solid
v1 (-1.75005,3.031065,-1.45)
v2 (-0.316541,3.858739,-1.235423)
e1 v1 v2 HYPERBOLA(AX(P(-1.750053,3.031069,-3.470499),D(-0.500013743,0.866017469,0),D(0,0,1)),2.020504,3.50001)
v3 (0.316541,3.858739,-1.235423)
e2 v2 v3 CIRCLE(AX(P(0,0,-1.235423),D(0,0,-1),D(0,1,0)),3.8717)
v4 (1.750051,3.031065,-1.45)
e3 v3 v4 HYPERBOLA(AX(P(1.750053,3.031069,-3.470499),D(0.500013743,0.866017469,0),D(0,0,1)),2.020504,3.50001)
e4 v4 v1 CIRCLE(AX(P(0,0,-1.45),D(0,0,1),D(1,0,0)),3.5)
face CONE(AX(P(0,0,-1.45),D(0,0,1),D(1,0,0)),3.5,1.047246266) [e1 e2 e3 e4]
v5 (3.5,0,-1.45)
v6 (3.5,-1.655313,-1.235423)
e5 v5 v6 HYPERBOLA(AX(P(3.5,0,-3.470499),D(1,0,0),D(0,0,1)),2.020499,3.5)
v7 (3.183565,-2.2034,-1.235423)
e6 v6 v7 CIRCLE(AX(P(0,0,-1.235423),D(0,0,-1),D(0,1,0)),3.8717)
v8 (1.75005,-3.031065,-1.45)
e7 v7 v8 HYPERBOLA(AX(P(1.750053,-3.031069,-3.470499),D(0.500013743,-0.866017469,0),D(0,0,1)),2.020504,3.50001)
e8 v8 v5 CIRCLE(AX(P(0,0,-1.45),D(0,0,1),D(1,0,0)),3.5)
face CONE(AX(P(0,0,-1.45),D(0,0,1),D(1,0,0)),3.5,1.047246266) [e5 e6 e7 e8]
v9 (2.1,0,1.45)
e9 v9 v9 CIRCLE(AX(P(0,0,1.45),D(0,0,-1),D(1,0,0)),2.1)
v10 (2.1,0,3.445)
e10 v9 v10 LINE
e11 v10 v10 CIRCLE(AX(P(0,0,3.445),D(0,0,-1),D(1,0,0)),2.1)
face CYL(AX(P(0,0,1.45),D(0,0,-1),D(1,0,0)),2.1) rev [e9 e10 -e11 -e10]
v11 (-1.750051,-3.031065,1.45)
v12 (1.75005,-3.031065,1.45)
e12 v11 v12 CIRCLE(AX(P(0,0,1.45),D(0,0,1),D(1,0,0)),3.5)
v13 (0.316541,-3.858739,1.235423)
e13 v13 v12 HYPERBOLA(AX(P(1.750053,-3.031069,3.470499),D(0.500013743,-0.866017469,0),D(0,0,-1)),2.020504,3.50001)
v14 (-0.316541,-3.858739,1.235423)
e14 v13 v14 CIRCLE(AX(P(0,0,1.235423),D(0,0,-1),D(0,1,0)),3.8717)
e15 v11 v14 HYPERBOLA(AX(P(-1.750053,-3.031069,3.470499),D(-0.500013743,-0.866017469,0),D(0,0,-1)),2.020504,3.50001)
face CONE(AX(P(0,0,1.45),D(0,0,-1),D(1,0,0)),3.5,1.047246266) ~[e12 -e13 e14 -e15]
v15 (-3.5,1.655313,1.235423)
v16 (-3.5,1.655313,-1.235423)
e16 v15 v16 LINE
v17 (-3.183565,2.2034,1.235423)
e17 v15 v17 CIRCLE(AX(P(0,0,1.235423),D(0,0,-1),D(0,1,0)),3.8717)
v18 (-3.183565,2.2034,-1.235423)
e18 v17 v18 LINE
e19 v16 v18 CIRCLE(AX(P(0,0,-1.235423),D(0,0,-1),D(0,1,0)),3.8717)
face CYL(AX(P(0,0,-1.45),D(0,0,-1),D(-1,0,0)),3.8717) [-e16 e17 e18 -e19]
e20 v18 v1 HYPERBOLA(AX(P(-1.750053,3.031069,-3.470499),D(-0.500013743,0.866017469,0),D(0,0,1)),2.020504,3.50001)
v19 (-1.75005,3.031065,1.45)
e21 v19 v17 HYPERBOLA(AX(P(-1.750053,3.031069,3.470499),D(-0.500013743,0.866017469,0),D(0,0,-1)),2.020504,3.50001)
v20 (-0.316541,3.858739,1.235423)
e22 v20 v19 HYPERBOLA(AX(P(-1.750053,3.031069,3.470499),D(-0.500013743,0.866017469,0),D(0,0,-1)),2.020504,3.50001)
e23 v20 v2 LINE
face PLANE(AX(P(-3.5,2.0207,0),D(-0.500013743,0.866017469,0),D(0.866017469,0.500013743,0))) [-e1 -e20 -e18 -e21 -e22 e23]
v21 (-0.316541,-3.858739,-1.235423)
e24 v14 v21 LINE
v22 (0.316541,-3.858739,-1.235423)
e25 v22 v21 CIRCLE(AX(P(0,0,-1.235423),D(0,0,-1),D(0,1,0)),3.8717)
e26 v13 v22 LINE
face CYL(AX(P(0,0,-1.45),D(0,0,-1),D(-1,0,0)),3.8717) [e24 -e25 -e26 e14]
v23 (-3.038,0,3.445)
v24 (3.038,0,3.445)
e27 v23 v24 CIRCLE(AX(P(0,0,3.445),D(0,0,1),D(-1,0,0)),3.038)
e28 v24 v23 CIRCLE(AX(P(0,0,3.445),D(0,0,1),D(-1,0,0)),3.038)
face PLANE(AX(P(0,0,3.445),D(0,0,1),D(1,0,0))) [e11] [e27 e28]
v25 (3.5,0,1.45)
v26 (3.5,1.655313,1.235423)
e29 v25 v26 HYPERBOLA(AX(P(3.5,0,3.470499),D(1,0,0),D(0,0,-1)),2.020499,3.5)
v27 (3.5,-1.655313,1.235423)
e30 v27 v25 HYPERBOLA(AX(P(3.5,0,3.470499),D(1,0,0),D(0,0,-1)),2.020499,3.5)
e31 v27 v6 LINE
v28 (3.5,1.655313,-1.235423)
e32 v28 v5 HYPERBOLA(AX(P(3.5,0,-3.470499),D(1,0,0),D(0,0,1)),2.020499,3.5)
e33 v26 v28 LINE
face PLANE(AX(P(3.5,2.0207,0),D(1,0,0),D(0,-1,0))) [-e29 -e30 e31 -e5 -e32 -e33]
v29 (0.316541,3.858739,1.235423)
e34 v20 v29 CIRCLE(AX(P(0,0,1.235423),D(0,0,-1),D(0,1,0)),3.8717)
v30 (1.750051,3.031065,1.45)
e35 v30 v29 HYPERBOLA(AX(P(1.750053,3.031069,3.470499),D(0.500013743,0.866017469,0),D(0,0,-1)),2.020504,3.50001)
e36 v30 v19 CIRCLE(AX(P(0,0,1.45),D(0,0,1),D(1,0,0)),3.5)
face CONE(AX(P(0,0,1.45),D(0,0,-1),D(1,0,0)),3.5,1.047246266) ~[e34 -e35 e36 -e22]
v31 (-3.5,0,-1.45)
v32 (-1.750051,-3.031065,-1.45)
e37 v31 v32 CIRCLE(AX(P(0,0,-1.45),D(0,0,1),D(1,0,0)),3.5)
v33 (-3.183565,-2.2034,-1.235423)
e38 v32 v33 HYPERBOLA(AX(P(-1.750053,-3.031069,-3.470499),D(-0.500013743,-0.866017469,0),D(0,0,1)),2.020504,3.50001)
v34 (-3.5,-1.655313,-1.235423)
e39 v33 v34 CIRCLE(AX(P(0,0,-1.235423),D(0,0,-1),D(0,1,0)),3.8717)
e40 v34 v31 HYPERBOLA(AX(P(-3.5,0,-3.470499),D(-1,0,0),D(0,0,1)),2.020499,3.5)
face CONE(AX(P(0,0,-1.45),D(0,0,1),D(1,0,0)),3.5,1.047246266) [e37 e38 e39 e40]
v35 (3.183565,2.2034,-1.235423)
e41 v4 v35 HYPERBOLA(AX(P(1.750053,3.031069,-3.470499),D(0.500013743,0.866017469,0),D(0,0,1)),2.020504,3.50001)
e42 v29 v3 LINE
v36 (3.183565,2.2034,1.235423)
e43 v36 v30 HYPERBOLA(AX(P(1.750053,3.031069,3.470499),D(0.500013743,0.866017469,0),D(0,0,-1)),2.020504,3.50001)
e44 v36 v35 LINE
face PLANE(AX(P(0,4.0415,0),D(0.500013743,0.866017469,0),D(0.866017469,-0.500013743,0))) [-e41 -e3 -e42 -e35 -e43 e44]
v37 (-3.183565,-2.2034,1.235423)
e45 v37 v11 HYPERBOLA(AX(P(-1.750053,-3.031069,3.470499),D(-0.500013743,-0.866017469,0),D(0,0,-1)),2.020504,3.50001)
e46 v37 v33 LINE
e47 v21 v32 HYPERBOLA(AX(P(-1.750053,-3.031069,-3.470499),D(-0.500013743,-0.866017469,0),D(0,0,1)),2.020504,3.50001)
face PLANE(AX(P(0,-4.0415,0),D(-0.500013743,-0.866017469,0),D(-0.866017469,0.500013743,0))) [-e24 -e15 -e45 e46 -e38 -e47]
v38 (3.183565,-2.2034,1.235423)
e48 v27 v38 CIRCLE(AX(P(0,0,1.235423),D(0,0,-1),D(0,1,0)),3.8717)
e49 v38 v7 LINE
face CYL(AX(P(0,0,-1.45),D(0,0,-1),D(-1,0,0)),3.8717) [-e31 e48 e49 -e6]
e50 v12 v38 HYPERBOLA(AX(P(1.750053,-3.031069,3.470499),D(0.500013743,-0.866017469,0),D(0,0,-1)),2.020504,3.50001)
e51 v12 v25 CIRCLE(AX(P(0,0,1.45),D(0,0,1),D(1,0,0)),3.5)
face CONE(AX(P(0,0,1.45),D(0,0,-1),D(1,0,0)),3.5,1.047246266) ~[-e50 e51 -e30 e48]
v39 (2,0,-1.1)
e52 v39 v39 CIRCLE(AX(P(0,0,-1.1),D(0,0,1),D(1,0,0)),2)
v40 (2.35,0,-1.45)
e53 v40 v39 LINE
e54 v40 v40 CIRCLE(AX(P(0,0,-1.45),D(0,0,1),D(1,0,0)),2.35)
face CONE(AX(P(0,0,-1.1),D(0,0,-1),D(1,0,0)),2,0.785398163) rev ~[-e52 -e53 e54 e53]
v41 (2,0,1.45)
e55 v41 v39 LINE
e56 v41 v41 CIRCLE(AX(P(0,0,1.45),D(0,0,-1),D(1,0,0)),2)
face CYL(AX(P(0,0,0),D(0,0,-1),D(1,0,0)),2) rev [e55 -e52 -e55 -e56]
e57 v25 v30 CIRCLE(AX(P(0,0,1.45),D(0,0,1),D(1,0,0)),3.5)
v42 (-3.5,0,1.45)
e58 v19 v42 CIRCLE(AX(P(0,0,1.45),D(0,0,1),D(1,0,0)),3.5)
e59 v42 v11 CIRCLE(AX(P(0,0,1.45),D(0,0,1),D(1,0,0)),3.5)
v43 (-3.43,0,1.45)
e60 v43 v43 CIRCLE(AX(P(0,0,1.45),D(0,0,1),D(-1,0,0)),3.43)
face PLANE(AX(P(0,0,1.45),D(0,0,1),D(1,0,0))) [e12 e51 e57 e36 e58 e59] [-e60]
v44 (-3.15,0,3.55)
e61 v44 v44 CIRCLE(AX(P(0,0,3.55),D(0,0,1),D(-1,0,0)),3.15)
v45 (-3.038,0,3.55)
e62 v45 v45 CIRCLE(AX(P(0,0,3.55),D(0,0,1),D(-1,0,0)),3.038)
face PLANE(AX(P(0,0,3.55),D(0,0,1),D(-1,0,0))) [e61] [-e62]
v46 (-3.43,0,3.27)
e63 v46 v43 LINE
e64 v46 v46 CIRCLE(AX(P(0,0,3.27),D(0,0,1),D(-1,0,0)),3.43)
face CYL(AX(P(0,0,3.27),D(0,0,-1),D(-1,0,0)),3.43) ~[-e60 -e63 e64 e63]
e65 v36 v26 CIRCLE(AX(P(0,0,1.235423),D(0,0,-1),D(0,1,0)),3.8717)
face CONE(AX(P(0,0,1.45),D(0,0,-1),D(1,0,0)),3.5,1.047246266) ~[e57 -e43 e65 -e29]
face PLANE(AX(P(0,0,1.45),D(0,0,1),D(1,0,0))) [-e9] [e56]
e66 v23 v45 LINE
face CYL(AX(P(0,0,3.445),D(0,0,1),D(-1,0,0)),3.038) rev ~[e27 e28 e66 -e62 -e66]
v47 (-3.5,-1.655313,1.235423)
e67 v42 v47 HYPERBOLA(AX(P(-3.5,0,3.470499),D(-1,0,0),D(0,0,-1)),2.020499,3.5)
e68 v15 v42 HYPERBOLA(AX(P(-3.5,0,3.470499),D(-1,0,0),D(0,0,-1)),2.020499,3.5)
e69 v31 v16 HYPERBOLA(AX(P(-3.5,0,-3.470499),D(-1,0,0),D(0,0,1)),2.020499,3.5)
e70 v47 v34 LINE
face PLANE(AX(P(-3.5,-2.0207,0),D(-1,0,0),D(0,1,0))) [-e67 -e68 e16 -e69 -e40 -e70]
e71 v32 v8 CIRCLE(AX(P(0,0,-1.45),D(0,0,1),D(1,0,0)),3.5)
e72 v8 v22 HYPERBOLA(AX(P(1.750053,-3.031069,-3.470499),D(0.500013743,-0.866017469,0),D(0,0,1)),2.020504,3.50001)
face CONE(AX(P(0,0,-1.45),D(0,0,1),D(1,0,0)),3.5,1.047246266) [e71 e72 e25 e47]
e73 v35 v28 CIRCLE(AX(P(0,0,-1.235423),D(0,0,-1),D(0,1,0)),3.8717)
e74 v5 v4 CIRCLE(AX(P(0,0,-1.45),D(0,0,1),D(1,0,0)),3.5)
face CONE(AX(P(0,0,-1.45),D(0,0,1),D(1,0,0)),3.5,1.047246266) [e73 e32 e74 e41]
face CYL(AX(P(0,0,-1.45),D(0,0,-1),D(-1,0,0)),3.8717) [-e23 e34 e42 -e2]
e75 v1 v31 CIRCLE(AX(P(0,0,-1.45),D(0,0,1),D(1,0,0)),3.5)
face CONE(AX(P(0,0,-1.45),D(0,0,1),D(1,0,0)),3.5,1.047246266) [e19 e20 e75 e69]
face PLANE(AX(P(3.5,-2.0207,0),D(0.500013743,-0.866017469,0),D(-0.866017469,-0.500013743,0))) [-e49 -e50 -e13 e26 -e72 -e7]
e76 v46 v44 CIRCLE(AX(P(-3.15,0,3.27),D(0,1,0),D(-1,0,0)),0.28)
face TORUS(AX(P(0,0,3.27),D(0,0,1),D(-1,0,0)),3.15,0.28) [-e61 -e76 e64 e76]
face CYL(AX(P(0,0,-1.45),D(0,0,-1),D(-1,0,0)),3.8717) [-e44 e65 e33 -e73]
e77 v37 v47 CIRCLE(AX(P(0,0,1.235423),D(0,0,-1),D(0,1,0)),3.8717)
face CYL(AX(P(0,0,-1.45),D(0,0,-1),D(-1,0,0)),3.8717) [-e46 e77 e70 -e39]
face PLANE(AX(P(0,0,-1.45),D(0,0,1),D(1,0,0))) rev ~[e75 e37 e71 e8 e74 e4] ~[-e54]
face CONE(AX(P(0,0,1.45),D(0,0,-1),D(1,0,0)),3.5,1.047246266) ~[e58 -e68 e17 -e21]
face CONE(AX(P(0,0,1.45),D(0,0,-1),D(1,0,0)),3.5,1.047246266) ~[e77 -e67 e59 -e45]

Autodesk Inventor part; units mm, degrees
ref_plane "YZ Plane" through (0, 0, 0) normal (1, 0, 0) x (0, 1, 0)
ref_plane "XZ Plane" through (0, 0, 0) normal (0, 1, 0) x (-1, 0, 0)
ref_plane "XY Plane" through (0, 0, 0) normal (0, 0, 1) x (1, 0, 0)
sketch "Sketch1" plane through (0, 0, 0) normal (0, 0, 1) x (1, 0, 0)
  circle A0 centre (0, 0) radius 2
  line L0 (0, 4.0415) -> (3.5, 2.0207)
  line L1 (3.5, 2.0207) -> (3.5, -2.0207)
  line L2 (3.5, -2.0207) -> (0, -4.0415)
  line L3 (0, -4.0415) -> (-3.5, -2.0207)
  line L4 (-3.5, -2.0207) -> (-3.5, 2.0207)
  line L5 (-3.5, 2.0207) -> (0, 4.0415)
  dimension "Sw" = 7
  dimension "Diameter" = 4
extrude "Extrusion1" add sketch "Sketch1" along normal mid plane 2.9
thread "Thread1" size "M4x0.7" class "6H" standard "ANSI Metric M Profile" length 2.9
sketch "Sketch4" plane through (0, 0, 0) normal (0, 1, 0) x (-1, 0, 0)
  line L0 (0, -1.45) -> (0, 1.45) projected
  line L1 (0, -1.45) -> (-3.5, -1.45)
  line L2 (-3.5, -1.45) -> (-4.0415, -1.1374)
  line L3 (-4.0415, -1.1374) -> (-4.0415, -1.45)
  line L4 (-4.0415, -1.45) -> (-3.5, -1.45)
  line L5 (0, -2.03) -> (0, 2.03) projected
  dimension "d6" = 4.0415
  dimension "d7" = 30
  dimension "d8" = 3.5
revolve "Revolution1" cut sketch "Sketch4" angle 360 about axis through (0, 0, -10) along (0, 0, 1)
mirror "Mirror1" about plane through (0, 0, 0) normal (0, 0, 1) of "Revolution1"
sketch "Sketch6" plane through (0, 0, -1.45) normal (0, 0, -1) x (-1, 0, 0)
  circle A0 centre (0, 0) radius 2 projected
  circle A1 centre (0, 0) radius 3.8717
  dimension "d15" = 7.7434
extrude "Extrusion3" cut sketch "Sketch6" against normal through all keep common part
chamfer "Chamfer2" distance 0.35 angle 45 1 edges at (-2, 0, -1.45)
sketch "Sketch8" plane through (0, 0, 1.45) normal (0, 0, 1) x (1, 0, 0)
  line L0 (-2.5, 0) -> (3.5, 0)
  circle A0 centre (0, 0) radius 3.15
  circle A1 centre (0, 0) radius 2.1
  dimension "d22" = 6.3
  dimension "d34" = 4.2
extrude "Extrusion6" add sketch "Sketch8" along normal blind 1.995
sketch "Sketch11" plane through (0, 0, 0) normal (0, 1, 0) x (-1, 0, 0)
  line L0 (1.75, -1.45) -> (3.5, -1.45) projected
  line L1 (3.15, 3.55) -> (0, 3.55)
  line L2 (3.5, 1.45) -> (1.75, 1.45) projected
  line L3 (3.43, 3.27) -> (3.43, 1.45)
  line L4 (3.15, 1.45) -> (3.15, 3.445) projected
  line L5 (2.1, 1.45) -> (2.1, 3.445) projected
  line L6 (0, -2.4616) -> (0, 4.6196) projected
  arc A0 (3.43, 3.27) -> (3.15, 3.55) centre (3.15, 3.27) ccw
  line L7 (3.15, 3.445) -> (3.038, 3.445)
  line L8 (3.038, 3.445) -> (3.038, 3.55)
  dimension "d35" = 5
  dimension "d36" = 3.43
  dimension "d37" = 0.28
  dimension "d38" = 0.28
  dimension "d40" = 0.392
revolve "Revolution2" add sketch "Sketch11" angle 360 about axis through (0, 0, -10) along (0, 0, 1)
equation "\"d4\" = M"
equation "\"d6\" = 0.57735 * Sw"
equation "\"d8\" = 0.5 * Sw"
equation "\"d15\" = 1.10619 * Sw"
equation "\"d20\" = 0.5 * Pitch"
equation "\"d21\" = 0.5 * Pitch"
equation "\"d22\" = 0.9 * Sw"
equation "\"d34\" = 1.05 * Diameter"
equation "\"d25\" = -0.95 * M + 0.95 * h"
equation "\"d35\" = h"
equation "\"d36\" = 0.49 * Sw"
equation "\"d38\" = d37"
equation "\"d40\" = 1.4 * d38"
equation "\"M\" = 2.9"
equation "\"Pitch\" = 0.7"
equation "\"h\" = 5"
properties part number "11-4503" material "Steel, Mild"
